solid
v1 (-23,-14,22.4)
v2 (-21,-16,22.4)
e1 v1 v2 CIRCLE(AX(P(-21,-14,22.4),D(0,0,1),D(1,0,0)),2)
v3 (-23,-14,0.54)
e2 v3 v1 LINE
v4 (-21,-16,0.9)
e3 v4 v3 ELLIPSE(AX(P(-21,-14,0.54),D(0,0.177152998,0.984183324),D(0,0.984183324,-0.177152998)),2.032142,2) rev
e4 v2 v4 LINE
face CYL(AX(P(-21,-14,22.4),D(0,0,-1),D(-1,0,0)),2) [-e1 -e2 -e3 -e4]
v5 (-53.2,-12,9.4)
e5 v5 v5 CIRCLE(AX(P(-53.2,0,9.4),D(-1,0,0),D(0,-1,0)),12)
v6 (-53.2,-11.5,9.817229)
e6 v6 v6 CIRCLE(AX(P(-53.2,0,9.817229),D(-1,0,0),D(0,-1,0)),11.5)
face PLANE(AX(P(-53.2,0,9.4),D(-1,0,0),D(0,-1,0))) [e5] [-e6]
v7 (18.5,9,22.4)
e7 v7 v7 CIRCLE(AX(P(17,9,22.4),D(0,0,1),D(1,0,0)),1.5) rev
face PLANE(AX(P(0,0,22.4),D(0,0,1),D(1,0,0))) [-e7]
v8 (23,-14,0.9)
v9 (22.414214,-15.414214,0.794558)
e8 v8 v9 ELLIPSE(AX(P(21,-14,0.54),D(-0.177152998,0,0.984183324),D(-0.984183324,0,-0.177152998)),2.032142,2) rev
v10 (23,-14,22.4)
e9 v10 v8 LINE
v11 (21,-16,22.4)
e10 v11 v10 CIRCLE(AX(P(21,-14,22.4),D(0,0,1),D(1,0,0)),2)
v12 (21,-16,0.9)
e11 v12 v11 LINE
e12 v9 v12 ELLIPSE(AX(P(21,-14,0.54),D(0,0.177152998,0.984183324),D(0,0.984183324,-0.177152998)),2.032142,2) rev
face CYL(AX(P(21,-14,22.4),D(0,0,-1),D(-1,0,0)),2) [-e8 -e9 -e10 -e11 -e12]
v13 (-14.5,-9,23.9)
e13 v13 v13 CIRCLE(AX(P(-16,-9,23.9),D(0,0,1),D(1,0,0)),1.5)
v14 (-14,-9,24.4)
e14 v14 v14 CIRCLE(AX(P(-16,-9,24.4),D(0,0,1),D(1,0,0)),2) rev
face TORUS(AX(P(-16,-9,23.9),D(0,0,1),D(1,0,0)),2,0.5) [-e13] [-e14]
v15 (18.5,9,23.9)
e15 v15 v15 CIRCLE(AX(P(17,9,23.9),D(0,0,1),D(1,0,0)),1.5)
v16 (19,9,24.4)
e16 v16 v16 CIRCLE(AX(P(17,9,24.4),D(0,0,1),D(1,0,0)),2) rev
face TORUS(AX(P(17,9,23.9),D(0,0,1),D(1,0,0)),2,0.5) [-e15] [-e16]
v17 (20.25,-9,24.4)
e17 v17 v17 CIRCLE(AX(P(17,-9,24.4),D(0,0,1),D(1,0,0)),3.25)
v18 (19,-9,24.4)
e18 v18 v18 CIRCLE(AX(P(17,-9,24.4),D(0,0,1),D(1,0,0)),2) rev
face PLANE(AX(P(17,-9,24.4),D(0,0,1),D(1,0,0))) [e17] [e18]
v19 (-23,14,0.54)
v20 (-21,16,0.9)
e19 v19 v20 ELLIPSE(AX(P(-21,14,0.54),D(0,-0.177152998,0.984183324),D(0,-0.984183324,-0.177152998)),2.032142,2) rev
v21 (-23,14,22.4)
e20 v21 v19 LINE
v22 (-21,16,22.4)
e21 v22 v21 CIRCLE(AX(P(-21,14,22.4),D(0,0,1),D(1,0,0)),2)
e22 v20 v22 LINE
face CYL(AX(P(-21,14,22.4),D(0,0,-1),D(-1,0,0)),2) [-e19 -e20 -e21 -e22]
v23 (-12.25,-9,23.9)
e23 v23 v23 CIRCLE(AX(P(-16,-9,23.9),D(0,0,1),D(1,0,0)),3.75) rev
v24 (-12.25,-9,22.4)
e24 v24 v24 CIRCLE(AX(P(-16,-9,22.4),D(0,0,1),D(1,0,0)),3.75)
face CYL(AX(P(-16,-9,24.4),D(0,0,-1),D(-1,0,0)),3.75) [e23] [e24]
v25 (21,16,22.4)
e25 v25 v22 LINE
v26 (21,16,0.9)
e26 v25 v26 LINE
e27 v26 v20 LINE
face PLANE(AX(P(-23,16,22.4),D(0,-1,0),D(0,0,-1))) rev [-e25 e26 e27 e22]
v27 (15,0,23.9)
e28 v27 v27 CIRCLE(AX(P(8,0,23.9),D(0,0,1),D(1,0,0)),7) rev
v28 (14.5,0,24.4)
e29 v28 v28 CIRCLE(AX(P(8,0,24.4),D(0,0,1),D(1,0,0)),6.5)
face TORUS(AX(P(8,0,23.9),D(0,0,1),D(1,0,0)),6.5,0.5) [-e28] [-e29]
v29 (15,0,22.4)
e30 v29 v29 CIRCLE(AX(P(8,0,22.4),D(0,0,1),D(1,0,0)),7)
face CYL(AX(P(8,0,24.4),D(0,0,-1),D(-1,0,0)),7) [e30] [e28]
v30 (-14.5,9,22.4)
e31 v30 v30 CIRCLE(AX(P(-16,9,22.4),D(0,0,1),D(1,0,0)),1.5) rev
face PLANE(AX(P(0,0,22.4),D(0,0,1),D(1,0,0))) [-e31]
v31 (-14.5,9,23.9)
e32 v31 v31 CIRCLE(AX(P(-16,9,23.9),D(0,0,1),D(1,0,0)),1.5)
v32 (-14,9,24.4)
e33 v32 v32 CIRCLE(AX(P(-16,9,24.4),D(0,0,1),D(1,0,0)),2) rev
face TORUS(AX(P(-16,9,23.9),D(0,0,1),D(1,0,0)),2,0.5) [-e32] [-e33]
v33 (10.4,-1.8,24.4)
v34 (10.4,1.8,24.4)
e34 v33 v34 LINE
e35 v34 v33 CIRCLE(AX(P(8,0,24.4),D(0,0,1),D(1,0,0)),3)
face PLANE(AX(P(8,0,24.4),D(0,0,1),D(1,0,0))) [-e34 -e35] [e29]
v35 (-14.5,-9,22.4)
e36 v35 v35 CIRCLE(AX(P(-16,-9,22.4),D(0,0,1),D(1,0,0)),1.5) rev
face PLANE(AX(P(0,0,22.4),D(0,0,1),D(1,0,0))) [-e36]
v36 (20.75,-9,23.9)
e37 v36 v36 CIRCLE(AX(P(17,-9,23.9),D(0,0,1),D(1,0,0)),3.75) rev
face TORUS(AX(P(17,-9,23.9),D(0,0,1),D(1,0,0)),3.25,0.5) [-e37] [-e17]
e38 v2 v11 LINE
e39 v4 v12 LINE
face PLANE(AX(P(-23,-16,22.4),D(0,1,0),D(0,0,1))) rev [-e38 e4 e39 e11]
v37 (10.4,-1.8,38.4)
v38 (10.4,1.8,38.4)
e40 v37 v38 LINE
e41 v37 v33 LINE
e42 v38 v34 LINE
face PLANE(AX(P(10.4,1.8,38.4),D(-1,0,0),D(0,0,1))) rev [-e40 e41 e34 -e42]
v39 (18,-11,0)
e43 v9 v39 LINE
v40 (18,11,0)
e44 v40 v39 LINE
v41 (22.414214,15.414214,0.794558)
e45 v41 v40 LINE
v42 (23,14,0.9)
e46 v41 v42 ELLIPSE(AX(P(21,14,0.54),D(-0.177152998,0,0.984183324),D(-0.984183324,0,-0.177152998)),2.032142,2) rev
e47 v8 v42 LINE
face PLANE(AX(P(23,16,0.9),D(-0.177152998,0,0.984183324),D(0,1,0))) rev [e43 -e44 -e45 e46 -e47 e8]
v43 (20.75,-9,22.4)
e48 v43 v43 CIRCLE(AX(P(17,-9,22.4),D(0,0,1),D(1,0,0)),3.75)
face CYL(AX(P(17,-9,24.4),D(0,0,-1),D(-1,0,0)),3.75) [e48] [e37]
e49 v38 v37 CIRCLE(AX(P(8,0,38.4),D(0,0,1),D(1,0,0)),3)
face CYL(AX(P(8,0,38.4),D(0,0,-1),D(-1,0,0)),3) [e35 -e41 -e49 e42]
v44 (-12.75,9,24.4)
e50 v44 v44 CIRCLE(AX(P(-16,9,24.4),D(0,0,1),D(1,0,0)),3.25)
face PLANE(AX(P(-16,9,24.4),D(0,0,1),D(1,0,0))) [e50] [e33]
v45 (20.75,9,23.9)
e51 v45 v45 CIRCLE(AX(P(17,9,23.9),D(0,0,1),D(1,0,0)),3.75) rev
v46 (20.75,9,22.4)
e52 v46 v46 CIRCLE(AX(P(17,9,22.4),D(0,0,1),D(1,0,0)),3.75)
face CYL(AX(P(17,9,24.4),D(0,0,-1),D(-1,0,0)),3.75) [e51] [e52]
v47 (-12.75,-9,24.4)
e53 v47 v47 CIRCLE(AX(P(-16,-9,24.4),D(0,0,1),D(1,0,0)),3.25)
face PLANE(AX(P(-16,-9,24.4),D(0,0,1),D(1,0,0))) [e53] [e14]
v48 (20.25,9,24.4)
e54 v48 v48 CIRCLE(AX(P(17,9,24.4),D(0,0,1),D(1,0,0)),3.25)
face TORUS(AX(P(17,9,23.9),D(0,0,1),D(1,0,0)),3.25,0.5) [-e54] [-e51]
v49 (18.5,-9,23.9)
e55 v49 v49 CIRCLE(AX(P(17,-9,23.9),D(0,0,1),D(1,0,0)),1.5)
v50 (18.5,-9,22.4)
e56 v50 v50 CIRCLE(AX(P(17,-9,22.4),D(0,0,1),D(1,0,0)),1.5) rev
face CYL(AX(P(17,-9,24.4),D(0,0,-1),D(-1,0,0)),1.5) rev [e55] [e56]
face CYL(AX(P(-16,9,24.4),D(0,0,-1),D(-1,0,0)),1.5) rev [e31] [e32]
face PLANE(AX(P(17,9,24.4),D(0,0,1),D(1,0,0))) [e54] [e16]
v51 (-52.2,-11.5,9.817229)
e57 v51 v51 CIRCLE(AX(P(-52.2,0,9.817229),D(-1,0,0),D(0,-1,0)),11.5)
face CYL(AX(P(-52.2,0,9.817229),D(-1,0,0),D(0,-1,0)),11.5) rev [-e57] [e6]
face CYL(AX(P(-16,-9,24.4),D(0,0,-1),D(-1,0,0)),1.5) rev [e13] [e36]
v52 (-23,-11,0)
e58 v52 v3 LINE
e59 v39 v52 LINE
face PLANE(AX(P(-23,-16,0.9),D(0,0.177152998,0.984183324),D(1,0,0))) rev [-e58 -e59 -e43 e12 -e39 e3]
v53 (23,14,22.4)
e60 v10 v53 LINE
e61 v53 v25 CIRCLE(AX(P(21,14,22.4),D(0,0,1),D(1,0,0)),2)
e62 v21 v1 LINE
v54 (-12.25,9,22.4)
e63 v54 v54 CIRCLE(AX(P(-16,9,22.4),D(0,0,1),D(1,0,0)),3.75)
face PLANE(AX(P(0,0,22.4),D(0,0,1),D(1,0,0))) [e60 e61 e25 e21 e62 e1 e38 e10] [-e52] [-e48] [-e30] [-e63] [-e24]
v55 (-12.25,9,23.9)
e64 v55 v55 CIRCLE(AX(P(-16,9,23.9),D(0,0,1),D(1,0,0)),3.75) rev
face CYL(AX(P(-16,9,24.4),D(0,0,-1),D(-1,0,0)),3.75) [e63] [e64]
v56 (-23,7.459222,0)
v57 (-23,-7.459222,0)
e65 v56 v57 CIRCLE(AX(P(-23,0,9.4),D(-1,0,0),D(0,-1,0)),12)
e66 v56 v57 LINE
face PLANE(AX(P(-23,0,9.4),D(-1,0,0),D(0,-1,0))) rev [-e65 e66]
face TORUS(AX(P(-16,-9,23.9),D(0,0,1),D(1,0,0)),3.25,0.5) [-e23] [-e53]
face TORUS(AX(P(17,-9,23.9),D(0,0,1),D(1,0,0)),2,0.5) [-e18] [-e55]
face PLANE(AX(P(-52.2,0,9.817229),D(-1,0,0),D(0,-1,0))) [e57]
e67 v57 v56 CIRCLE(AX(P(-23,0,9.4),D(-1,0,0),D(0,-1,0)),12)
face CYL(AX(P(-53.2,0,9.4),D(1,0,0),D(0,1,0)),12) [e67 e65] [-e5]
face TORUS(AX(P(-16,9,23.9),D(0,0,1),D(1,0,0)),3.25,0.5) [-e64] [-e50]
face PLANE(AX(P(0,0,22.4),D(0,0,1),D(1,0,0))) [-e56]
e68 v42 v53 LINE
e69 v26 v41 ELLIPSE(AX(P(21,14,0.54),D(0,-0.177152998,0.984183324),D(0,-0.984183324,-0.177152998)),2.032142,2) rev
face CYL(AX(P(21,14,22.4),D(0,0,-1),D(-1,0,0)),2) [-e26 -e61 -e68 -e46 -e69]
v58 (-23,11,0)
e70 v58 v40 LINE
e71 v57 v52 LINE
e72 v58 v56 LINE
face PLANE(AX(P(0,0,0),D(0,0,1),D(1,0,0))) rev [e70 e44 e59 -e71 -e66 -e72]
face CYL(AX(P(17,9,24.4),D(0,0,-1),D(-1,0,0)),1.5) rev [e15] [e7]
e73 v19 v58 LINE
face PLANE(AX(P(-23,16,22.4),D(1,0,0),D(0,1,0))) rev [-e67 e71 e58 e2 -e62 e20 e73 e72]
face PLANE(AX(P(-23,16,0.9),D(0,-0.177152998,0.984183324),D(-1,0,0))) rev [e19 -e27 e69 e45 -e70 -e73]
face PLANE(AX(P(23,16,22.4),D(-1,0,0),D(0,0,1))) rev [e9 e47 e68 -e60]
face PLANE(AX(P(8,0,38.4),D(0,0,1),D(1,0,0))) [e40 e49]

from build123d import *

# Parameters (mm, degrees)
SKETCH3_W           = 46
SKETCH3_H           = 32
BOSS_EXTRUDE1_DEPTH = 22.4
SKETCH4_R           = 3.75
SKETCH4_R_2         = 1.5
SKETCH4_R_3         = 7
BOSS_EXTRUDE3_DEPTH = 2
FILLET2_R           = 0.5
CHAMFER2_SIZE       = 5
CHAMFER2_SIZE2      = 0.9
FILLET3_R           = 2
SKETCH8_R           = 12
BOSS_EXTRUDE5_DEPTH = 30.2
SKETCH9_R           = 11.5
CUT_EXTRUDE1_DEPTH  = 1
BOSS_EXTRUDE6_DEPTH = 14


with BuildPart() as part:
    # Sketch3 → Boss-Extrude1 (new body)
    with BuildSketch(Plane.XY):
        Rectangle(SKETCH3_W, SKETCH3_H)
    extrude(amount=BOSS_EXTRUDE1_DEPTH)

    # Sketch4 → Boss-Extrude3 (add)
    # profile 1 of 5: a face of its own
    with BuildSketch(Plane.XY.offset(22.4)):
        with Locations((-16, 9)):
            Circle(SKETCH4_R)
        with Locations((-16, 9)):
            Circle(SKETCH4_R_2, mode=Mode.SUBTRACT)
    # profile 2 of 5: a face of its own
    with BuildSketch(Plane.XY.offset(22.4)):
        with Locations((-16, -9)):
            Circle(SKETCH4_R)
        with Locations((-16, -9)):
            Circle(SKETCH4_R_2, mode=Mode.SUBTRACT)
    # profile 3 of 5: a face of its own
    with BuildSketch(Plane.XY.offset(22.4)):
        with Locations((17, 9)):
            Circle(SKETCH4_R)
        with Locations((17, 9)):
            Circle(SKETCH4_R_2, mode=Mode.SUBTRACT)
    # profile 4 of 5: a face of its own
    with BuildSketch(Plane.XY.offset(22.4)):
        with Locations((17, -9)):
            Circle(SKETCH4_R)
        with Locations((17, -9)):
            Circle(SKETCH4_R_2, mode=Mode.SUBTRACT)
    # profile 5 of 5: a face of its own
    with BuildSketch(Plane.XY.offset(22.4)):
        with Locations((8, 0)):
            Circle(SKETCH4_R_3)
    extrude(amount=BOSS_EXTRUDE3_DEPTH)

    # Fillet2
    fillet2_edges = [part.edges().sort_by_distance(p)[0] for p in [
        (-19.75, 9, 24.4),
        (-17.5, 9, 24.4),
        (-19.75, -9, 24.4),
        (-17.5, -9, 24.4),
        (13.25, 9, 24.4),
        (15.5, 9, 24.4),
        (13.25, -9, 24.4),
        (15.5, -9, 24.4),
        (1, 0, 24.4),
    ]]
    fillet(fillet2_edges, radius=FILLET2_R)

    # Chamfer2
    chamfer2_edges = [part.edges().sort_by_distance(p)[0] for p in [
        (0, -16, 0),
        (0, 16, 0),
        (23, 0, 0),
    ]]
    chamfer2_side = [part.faces().sort_by_distance(p)[0] for p in [
        (0, 0, 0),
    ]]
    chamfer(chamfer2_edges, length=CHAMFER2_SIZE, length2=CHAMFER2_SIZE2, reference=chamfer2_side[0])

    # Fillet3
    fillet3_edges = [part.edges().sort_by_distance(p)[0] for p in [
        (23, -16, 11.65),
        (-23, -16, 11.65),
        (-23, 16, 11.65),
        (23, 16, 11.65),
    ]]
    fillet(fillet3_edges, radius=FILLET3_R)

    # Sketch8 → Boss-Extrude5 (add)
    with BuildSketch(Plane.ZY.offset(23)):
        with Locations(Location((9.4, 0, 0), (0, 0, 141.566793659))):
            Circle(SKETCH8_R)
    extrude(amount=BOSS_EXTRUDE5_DEPTH)

    # Sketch9 → Cut-Extrude1 (cut)
    with BuildSketch(Plane.ZY.offset(53.2)):
        with Locations(Location((9.817229221, 0, 0), (0, 0, 270))):
            Circle(SKETCH9_R)
    extrude(amount=-CUT_EXTRUDE1_DEPTH, mode=Mode.SUBTRACT)

    # Sketch10 → Boss-Extrude6 (add)
    with BuildSketch(Plane.XY.offset(24.4)):
        with BuildLine():
            Line((10.4, 1.8), (10.4, -1.8))
            ThreePointArc((10.4, -1.8), (5, 0), (10.4, 1.8))
        make_face()
    extrude(amount=BOSS_EXTRUDE6_DEPTH)


solid = part.part
